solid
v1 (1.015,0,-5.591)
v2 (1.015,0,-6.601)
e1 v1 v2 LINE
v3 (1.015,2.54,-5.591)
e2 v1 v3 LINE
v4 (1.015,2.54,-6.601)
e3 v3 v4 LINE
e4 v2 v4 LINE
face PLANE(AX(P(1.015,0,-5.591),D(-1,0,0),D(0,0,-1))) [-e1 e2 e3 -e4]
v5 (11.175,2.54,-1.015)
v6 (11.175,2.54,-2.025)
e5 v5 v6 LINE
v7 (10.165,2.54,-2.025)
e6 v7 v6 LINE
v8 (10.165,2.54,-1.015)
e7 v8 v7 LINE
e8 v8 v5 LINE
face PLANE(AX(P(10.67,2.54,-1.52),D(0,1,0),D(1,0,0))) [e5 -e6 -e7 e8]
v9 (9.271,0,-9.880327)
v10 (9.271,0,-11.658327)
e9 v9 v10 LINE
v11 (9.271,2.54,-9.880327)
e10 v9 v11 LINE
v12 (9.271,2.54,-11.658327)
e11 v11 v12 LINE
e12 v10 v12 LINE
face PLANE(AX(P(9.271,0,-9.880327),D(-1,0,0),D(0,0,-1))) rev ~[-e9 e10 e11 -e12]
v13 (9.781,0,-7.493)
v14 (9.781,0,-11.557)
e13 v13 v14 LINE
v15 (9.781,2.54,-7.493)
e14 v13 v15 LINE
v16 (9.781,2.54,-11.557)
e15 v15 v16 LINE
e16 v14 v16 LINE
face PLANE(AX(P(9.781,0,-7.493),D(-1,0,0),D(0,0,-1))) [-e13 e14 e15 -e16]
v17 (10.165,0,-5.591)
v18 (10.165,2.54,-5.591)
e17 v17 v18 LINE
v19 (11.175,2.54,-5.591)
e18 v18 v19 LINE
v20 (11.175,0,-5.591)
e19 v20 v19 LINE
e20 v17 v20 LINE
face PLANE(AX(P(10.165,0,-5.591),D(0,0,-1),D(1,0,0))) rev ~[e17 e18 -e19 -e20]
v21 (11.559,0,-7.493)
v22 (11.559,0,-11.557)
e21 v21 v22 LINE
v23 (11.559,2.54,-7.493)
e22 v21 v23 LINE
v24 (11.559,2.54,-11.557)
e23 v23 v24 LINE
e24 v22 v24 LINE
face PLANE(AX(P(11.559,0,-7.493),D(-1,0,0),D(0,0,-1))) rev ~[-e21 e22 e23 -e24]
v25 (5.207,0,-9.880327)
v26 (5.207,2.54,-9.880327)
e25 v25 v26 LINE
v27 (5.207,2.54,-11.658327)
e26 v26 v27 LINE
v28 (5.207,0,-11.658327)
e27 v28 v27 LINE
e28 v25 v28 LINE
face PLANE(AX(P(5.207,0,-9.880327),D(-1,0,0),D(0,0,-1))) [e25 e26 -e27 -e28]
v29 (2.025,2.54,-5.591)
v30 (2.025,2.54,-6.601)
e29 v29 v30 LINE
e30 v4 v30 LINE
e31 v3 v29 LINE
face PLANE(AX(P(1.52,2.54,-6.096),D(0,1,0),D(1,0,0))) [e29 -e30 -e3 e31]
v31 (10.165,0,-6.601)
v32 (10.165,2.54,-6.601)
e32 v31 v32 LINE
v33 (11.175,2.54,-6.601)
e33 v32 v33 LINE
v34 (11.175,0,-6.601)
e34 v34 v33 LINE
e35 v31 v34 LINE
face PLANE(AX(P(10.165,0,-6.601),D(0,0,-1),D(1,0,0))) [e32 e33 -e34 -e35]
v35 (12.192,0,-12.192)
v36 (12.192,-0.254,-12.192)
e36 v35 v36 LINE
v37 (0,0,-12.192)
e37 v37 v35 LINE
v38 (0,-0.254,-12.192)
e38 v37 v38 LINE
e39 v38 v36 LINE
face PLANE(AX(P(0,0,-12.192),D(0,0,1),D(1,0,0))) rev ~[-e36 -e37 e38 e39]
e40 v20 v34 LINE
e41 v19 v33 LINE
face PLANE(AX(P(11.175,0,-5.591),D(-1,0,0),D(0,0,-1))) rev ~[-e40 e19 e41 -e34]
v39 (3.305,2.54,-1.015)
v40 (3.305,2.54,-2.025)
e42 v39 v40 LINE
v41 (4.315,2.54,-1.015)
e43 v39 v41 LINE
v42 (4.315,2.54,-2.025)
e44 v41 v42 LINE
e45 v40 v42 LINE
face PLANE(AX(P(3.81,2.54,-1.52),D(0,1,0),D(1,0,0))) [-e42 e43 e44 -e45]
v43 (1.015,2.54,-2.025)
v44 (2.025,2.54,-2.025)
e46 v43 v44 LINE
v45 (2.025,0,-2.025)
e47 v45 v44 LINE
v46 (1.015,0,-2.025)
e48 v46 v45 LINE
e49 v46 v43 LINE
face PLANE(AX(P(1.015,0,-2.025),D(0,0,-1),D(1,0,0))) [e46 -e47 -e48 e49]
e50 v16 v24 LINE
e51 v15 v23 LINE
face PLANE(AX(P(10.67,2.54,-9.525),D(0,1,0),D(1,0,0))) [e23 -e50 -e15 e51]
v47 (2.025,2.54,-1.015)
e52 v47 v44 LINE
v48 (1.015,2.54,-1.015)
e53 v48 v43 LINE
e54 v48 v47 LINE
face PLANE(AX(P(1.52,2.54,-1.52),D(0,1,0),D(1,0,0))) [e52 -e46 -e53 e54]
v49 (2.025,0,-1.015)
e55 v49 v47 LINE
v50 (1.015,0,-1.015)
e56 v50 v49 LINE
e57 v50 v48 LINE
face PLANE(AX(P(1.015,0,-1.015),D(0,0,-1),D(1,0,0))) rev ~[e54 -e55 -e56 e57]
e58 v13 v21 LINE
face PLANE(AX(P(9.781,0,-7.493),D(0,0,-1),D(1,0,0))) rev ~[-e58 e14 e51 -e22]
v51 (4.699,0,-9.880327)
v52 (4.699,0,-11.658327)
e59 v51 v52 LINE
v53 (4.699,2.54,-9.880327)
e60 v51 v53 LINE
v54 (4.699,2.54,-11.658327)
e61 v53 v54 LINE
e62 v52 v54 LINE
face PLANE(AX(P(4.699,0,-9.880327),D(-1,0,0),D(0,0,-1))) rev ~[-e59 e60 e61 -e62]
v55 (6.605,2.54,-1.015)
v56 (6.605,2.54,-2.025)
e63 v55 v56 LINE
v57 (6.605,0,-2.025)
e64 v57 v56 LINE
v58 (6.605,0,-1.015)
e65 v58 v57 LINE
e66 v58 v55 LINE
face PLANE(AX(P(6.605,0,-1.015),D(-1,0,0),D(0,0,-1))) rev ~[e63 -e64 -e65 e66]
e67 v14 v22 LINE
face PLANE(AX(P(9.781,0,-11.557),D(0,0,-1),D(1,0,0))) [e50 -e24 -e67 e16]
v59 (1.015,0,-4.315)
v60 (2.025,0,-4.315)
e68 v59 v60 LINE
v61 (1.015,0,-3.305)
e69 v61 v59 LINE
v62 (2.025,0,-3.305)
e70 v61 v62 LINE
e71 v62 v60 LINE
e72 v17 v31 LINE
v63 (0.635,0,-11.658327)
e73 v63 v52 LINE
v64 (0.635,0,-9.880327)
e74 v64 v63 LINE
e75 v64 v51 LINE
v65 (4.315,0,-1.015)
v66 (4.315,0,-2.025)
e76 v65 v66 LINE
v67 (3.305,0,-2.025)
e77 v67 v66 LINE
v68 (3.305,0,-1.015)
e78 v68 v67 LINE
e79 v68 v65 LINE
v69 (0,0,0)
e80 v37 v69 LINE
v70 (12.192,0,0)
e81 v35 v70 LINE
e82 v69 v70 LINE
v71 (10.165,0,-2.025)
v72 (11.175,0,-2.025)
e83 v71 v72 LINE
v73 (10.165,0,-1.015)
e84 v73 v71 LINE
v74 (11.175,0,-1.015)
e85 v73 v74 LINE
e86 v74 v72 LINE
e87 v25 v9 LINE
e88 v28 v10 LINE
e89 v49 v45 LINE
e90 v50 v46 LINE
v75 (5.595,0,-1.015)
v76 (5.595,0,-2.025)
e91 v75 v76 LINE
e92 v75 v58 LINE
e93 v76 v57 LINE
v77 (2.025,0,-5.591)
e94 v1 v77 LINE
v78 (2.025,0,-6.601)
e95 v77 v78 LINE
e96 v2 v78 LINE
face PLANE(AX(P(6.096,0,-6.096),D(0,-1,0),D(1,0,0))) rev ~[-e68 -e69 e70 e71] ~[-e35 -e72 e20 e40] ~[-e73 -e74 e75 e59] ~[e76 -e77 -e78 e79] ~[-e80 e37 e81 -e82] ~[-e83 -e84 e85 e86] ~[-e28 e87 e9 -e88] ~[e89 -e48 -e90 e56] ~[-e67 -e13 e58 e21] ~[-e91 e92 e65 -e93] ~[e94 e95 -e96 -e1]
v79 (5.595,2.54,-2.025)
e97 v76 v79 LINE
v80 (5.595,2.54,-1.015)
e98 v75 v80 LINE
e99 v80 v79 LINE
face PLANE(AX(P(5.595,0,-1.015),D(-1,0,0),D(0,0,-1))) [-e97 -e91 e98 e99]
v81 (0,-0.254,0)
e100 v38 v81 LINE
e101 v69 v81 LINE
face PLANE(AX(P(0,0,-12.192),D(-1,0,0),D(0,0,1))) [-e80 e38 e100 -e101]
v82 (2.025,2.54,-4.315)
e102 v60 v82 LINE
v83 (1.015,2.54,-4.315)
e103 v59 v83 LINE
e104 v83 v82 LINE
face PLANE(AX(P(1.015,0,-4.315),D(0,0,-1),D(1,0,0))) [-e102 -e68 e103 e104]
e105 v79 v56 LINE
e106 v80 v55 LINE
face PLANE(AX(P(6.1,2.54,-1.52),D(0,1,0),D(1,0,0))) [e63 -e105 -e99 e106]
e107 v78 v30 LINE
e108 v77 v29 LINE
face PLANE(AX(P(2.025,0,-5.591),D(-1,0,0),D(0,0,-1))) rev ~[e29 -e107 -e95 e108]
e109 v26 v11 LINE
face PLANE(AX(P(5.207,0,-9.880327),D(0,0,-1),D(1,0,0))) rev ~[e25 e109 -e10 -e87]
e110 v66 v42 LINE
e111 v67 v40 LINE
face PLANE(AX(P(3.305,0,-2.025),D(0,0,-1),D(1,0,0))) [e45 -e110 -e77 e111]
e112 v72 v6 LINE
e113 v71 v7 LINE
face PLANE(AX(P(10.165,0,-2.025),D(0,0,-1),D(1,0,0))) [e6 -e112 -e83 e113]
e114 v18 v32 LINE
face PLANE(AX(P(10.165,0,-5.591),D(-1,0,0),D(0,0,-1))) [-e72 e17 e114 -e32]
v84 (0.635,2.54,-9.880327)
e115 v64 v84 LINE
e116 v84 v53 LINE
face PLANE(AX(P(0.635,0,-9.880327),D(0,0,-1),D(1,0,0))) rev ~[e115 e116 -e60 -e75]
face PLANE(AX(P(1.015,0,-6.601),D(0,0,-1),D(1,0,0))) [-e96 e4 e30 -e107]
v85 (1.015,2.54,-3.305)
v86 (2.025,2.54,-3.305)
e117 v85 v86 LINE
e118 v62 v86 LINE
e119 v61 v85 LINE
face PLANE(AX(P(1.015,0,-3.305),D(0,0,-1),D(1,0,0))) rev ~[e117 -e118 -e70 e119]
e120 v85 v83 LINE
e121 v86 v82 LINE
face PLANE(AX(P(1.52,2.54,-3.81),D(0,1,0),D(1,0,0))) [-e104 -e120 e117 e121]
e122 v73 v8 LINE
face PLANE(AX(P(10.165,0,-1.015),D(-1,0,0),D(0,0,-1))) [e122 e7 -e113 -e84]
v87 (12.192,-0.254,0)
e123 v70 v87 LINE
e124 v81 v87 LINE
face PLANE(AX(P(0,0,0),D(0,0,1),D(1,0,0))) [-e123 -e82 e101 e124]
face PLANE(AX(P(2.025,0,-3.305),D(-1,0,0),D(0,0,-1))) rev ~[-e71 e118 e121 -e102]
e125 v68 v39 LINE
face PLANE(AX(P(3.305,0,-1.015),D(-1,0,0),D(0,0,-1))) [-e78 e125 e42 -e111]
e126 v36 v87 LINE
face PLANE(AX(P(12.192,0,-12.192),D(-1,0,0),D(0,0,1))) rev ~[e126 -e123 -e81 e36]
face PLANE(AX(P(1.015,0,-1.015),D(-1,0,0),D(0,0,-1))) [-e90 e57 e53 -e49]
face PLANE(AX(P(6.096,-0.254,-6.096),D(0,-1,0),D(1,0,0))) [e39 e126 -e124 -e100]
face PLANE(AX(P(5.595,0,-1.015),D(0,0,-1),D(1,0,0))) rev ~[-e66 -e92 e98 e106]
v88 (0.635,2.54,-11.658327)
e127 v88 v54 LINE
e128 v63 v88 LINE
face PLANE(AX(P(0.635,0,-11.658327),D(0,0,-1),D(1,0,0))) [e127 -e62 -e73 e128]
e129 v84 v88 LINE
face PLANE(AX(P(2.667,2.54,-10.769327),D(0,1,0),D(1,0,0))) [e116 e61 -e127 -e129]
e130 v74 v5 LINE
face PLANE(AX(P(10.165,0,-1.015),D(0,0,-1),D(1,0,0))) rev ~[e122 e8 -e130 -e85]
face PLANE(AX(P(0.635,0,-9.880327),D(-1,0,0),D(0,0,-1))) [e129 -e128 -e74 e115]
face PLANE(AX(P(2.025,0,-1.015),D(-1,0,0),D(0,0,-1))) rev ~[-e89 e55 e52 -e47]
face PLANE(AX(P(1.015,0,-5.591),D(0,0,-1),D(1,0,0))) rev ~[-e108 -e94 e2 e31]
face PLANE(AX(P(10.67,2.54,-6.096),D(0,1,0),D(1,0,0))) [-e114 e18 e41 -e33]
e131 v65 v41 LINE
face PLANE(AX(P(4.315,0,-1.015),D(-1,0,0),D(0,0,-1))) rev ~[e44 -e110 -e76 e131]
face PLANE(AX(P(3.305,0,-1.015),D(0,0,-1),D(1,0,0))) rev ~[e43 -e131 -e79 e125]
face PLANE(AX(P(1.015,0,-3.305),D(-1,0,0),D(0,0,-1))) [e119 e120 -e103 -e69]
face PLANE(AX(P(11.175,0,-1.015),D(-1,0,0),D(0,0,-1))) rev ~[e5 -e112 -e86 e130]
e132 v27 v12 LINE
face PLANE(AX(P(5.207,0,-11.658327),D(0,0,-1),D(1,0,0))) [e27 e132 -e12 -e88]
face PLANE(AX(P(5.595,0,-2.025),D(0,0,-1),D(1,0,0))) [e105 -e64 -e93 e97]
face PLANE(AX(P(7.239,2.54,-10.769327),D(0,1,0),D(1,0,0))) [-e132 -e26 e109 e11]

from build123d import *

# Parameters (mm, degrees)
SKETCH1_W              = 1.01
SKETCH1_H              = 1.01
BOSS_EXTRUDE1_DEPTH    = 2.54
BOSS_EXTRUDE1_2_DEPTH  = 2.54
BOSS_EXTRUDE1_3_DEPTH  = 2.54
BOSS_EXTRUDE1_4_DEPTH  = 2.54
BOSS_EXTRUDE1_5_DEPTH  = 2.54
BOSS_EXTRUDE1_6_DEPTH  = 2.54
BOSS_EXTRUDE1_7_DEPTH  = 2.54
SKETCH1_W_2            = 1.778
SKETCH1_H_2            = 4.064
BOSS_EXTRUDE1_8_DEPTH  = 2.54
SKETCH1_W_3            = 4.064
SKETCH1_H_3            = 1.778
BOSS_EXTRUDE1_9_DEPTH  = 2.54
BOSS_EXTRUDE1_10_DEPTH = 2.54
SKETCH3_W              = 12.192
SKETCH3_H              = 12.192
BOSS_EXTRUDE2_DEPTH    = 0.254


with BuildPart() as part:
    # Sketch1 (on Top Plane) → Boss-Extrude1 (new body)
    with BuildSketch(Plane(origin=(0, 0, 0), x_dir=(1, 0, 0), z_dir=(0, 1, 0))):
        with Locations((1.52, 1.52)):
            Rectangle(SKETCH1_W, SKETCH1_H)
    extrude(amount=BOSS_EXTRUDE1_DEPTH)



with BuildPart() as body_2:
    # Sketch1 (on Top Plane) → Boss-Extrude1 2 (new body)
    with BuildSketch(Plane(origin=(0, 0, 0), x_dir=(1, 0, 0), z_dir=(0, 1, 0))):
        with Locations((1.52, 6.096)):
            Rectangle(SKETCH1_W, SKETCH1_H)
    extrude(amount=BOSS_EXTRUDE1_2_DEPTH)


with BuildPart() as body_3:
    # Sketch1 (on Top Plane) → Boss-Extrude1 3 (new body)
    with BuildSketch(Plane(origin=(0, 0, 0), x_dir=(1, 0, 0), z_dir=(0, 1, 0))):
        with Locations((1.52, 3.81)):
            Rectangle(SKETCH1_W, SKETCH1_H)
    extrude(amount=BOSS_EXTRUDE1_3_DEPTH)


with BuildPart() as body_4:
    # Sketch1 (on Top Plane) → Boss-Extrude1 4 (new body)
    with BuildSketch(Plane(origin=(0, 0, 0), x_dir=(1, 0, 0), z_dir=(0, 1, 0))):
        with Locations((10.67, 1.52)):
            Rectangle(SKETCH1_W, SKETCH1_H)
    extrude(amount=BOSS_EXTRUDE1_4_DEPTH)


with BuildPart() as body_5:
    # Sketch1 (on Top Plane) → Boss-Extrude1 5 (new body)
    with BuildSketch(Plane(origin=(0, 0, 0), x_dir=(1, 0, 0), z_dir=(0, 1, 0))):
        with Locations((6.1, 1.52)):
            Rectangle(SKETCH1_W, SKETCH1_H)
    extrude(amount=BOSS_EXTRUDE1_5_DEPTH)


with BuildPart() as body_6:
    # Sketch1 (on Top Plane) → Boss-Extrude1 6 (new body)
    with BuildSketch(Plane(origin=(0, 0, 0), x_dir=(1, 0, 0), z_dir=(0, 1, 0))):
        with Locations((3.81, 1.52)):
            Rectangle(SKETCH1_W, SKETCH1_H)
    extrude(amount=BOSS_EXTRUDE1_6_DEPTH)


with BuildPart() as body_7:
    # Sketch1 (on Top Plane) → Boss-Extrude1 7 (new body)
    with BuildSketch(Plane(origin=(0, 0, 0), x_dir=(1, 0, 0), z_dir=(0, 1, 0))):
        with Locations((10.67, 6.096)):
            Rectangle(SKETCH1_W, SKETCH1_H)
    extrude(amount=BOSS_EXTRUDE1_7_DEPTH)


with BuildPart() as body_8:
    # Sketch1 (on Top Plane) → Boss-Extrude1 8 (new body)
    with BuildSketch(Plane(origin=(0, 0, 0), x_dir=(1, 0, 0), z_dir=(0, 1, 0))):
        with Locations((10.67, 9.525)):
            Rectangle(SKETCH1_W_2, SKETCH1_H_2)
    extrude(amount=BOSS_EXTRUDE1_8_DEPTH)


with BuildPart() as body_9:
    # Sketch1 (on Top Plane) → Boss-Extrude1 9 (new body)
    with BuildSketch(Plane(origin=(0, 0, 0), x_dir=(1, 0, 0), z_dir=(0, 1, 0))):
        with Locations((2.667, 10.769327267)):
            Rectangle(SKETCH1_W_3, SKETCH1_H_3)
    extrude(amount=BOSS_EXTRUDE1_9_DEPTH)


with BuildPart() as body_10:
    # Sketch1 (on Top Plane) → Boss-Extrude1 10 (new body)
    with BuildSketch(Plane(origin=(0, 0, 0), x_dir=(1, 0, 0), z_dir=(0, 1, 0))):
        with Locations((7.239, 10.769327267)):
            Rectangle(SKETCH1_W_3, SKETCH1_H_3)
    extrude(amount=BOSS_EXTRUDE1_10_DEPTH)


with BuildPart() as part_1:
    add(part.part)

    add(body_2.part)  # Boss-Extrude2 merges body 2

    add(body_3.part)  # Boss-Extrude2 merges body 3

    add(body_4.part)  # Boss-Extrude2 merges body 4

    add(body_5.part)  # Boss-Extrude2 merges body 5

    add(body_6.part)  # Boss-Extrude2 merges body 6

    add(body_7.part)  # Boss-Extrude2 merges body 7

    add(body_8.part)  # Boss-Extrude2 merges body 8

    add(body_9.part)  # Boss-Extrude2 merges body 9

    add(body_10.part)  # Boss-Extrude2 merges body 10
    # Sketch3 → Boss-Extrude2 (add)
    with BuildSketch(Plane.XZ):
        with Locations((6.096, -6.096)):
            Rectangle(SKETCH3_W, SKETCH3_H)
    extrude(amount=BOSS_EXTRUDE2_DEPTH)


solid = part_1.part
